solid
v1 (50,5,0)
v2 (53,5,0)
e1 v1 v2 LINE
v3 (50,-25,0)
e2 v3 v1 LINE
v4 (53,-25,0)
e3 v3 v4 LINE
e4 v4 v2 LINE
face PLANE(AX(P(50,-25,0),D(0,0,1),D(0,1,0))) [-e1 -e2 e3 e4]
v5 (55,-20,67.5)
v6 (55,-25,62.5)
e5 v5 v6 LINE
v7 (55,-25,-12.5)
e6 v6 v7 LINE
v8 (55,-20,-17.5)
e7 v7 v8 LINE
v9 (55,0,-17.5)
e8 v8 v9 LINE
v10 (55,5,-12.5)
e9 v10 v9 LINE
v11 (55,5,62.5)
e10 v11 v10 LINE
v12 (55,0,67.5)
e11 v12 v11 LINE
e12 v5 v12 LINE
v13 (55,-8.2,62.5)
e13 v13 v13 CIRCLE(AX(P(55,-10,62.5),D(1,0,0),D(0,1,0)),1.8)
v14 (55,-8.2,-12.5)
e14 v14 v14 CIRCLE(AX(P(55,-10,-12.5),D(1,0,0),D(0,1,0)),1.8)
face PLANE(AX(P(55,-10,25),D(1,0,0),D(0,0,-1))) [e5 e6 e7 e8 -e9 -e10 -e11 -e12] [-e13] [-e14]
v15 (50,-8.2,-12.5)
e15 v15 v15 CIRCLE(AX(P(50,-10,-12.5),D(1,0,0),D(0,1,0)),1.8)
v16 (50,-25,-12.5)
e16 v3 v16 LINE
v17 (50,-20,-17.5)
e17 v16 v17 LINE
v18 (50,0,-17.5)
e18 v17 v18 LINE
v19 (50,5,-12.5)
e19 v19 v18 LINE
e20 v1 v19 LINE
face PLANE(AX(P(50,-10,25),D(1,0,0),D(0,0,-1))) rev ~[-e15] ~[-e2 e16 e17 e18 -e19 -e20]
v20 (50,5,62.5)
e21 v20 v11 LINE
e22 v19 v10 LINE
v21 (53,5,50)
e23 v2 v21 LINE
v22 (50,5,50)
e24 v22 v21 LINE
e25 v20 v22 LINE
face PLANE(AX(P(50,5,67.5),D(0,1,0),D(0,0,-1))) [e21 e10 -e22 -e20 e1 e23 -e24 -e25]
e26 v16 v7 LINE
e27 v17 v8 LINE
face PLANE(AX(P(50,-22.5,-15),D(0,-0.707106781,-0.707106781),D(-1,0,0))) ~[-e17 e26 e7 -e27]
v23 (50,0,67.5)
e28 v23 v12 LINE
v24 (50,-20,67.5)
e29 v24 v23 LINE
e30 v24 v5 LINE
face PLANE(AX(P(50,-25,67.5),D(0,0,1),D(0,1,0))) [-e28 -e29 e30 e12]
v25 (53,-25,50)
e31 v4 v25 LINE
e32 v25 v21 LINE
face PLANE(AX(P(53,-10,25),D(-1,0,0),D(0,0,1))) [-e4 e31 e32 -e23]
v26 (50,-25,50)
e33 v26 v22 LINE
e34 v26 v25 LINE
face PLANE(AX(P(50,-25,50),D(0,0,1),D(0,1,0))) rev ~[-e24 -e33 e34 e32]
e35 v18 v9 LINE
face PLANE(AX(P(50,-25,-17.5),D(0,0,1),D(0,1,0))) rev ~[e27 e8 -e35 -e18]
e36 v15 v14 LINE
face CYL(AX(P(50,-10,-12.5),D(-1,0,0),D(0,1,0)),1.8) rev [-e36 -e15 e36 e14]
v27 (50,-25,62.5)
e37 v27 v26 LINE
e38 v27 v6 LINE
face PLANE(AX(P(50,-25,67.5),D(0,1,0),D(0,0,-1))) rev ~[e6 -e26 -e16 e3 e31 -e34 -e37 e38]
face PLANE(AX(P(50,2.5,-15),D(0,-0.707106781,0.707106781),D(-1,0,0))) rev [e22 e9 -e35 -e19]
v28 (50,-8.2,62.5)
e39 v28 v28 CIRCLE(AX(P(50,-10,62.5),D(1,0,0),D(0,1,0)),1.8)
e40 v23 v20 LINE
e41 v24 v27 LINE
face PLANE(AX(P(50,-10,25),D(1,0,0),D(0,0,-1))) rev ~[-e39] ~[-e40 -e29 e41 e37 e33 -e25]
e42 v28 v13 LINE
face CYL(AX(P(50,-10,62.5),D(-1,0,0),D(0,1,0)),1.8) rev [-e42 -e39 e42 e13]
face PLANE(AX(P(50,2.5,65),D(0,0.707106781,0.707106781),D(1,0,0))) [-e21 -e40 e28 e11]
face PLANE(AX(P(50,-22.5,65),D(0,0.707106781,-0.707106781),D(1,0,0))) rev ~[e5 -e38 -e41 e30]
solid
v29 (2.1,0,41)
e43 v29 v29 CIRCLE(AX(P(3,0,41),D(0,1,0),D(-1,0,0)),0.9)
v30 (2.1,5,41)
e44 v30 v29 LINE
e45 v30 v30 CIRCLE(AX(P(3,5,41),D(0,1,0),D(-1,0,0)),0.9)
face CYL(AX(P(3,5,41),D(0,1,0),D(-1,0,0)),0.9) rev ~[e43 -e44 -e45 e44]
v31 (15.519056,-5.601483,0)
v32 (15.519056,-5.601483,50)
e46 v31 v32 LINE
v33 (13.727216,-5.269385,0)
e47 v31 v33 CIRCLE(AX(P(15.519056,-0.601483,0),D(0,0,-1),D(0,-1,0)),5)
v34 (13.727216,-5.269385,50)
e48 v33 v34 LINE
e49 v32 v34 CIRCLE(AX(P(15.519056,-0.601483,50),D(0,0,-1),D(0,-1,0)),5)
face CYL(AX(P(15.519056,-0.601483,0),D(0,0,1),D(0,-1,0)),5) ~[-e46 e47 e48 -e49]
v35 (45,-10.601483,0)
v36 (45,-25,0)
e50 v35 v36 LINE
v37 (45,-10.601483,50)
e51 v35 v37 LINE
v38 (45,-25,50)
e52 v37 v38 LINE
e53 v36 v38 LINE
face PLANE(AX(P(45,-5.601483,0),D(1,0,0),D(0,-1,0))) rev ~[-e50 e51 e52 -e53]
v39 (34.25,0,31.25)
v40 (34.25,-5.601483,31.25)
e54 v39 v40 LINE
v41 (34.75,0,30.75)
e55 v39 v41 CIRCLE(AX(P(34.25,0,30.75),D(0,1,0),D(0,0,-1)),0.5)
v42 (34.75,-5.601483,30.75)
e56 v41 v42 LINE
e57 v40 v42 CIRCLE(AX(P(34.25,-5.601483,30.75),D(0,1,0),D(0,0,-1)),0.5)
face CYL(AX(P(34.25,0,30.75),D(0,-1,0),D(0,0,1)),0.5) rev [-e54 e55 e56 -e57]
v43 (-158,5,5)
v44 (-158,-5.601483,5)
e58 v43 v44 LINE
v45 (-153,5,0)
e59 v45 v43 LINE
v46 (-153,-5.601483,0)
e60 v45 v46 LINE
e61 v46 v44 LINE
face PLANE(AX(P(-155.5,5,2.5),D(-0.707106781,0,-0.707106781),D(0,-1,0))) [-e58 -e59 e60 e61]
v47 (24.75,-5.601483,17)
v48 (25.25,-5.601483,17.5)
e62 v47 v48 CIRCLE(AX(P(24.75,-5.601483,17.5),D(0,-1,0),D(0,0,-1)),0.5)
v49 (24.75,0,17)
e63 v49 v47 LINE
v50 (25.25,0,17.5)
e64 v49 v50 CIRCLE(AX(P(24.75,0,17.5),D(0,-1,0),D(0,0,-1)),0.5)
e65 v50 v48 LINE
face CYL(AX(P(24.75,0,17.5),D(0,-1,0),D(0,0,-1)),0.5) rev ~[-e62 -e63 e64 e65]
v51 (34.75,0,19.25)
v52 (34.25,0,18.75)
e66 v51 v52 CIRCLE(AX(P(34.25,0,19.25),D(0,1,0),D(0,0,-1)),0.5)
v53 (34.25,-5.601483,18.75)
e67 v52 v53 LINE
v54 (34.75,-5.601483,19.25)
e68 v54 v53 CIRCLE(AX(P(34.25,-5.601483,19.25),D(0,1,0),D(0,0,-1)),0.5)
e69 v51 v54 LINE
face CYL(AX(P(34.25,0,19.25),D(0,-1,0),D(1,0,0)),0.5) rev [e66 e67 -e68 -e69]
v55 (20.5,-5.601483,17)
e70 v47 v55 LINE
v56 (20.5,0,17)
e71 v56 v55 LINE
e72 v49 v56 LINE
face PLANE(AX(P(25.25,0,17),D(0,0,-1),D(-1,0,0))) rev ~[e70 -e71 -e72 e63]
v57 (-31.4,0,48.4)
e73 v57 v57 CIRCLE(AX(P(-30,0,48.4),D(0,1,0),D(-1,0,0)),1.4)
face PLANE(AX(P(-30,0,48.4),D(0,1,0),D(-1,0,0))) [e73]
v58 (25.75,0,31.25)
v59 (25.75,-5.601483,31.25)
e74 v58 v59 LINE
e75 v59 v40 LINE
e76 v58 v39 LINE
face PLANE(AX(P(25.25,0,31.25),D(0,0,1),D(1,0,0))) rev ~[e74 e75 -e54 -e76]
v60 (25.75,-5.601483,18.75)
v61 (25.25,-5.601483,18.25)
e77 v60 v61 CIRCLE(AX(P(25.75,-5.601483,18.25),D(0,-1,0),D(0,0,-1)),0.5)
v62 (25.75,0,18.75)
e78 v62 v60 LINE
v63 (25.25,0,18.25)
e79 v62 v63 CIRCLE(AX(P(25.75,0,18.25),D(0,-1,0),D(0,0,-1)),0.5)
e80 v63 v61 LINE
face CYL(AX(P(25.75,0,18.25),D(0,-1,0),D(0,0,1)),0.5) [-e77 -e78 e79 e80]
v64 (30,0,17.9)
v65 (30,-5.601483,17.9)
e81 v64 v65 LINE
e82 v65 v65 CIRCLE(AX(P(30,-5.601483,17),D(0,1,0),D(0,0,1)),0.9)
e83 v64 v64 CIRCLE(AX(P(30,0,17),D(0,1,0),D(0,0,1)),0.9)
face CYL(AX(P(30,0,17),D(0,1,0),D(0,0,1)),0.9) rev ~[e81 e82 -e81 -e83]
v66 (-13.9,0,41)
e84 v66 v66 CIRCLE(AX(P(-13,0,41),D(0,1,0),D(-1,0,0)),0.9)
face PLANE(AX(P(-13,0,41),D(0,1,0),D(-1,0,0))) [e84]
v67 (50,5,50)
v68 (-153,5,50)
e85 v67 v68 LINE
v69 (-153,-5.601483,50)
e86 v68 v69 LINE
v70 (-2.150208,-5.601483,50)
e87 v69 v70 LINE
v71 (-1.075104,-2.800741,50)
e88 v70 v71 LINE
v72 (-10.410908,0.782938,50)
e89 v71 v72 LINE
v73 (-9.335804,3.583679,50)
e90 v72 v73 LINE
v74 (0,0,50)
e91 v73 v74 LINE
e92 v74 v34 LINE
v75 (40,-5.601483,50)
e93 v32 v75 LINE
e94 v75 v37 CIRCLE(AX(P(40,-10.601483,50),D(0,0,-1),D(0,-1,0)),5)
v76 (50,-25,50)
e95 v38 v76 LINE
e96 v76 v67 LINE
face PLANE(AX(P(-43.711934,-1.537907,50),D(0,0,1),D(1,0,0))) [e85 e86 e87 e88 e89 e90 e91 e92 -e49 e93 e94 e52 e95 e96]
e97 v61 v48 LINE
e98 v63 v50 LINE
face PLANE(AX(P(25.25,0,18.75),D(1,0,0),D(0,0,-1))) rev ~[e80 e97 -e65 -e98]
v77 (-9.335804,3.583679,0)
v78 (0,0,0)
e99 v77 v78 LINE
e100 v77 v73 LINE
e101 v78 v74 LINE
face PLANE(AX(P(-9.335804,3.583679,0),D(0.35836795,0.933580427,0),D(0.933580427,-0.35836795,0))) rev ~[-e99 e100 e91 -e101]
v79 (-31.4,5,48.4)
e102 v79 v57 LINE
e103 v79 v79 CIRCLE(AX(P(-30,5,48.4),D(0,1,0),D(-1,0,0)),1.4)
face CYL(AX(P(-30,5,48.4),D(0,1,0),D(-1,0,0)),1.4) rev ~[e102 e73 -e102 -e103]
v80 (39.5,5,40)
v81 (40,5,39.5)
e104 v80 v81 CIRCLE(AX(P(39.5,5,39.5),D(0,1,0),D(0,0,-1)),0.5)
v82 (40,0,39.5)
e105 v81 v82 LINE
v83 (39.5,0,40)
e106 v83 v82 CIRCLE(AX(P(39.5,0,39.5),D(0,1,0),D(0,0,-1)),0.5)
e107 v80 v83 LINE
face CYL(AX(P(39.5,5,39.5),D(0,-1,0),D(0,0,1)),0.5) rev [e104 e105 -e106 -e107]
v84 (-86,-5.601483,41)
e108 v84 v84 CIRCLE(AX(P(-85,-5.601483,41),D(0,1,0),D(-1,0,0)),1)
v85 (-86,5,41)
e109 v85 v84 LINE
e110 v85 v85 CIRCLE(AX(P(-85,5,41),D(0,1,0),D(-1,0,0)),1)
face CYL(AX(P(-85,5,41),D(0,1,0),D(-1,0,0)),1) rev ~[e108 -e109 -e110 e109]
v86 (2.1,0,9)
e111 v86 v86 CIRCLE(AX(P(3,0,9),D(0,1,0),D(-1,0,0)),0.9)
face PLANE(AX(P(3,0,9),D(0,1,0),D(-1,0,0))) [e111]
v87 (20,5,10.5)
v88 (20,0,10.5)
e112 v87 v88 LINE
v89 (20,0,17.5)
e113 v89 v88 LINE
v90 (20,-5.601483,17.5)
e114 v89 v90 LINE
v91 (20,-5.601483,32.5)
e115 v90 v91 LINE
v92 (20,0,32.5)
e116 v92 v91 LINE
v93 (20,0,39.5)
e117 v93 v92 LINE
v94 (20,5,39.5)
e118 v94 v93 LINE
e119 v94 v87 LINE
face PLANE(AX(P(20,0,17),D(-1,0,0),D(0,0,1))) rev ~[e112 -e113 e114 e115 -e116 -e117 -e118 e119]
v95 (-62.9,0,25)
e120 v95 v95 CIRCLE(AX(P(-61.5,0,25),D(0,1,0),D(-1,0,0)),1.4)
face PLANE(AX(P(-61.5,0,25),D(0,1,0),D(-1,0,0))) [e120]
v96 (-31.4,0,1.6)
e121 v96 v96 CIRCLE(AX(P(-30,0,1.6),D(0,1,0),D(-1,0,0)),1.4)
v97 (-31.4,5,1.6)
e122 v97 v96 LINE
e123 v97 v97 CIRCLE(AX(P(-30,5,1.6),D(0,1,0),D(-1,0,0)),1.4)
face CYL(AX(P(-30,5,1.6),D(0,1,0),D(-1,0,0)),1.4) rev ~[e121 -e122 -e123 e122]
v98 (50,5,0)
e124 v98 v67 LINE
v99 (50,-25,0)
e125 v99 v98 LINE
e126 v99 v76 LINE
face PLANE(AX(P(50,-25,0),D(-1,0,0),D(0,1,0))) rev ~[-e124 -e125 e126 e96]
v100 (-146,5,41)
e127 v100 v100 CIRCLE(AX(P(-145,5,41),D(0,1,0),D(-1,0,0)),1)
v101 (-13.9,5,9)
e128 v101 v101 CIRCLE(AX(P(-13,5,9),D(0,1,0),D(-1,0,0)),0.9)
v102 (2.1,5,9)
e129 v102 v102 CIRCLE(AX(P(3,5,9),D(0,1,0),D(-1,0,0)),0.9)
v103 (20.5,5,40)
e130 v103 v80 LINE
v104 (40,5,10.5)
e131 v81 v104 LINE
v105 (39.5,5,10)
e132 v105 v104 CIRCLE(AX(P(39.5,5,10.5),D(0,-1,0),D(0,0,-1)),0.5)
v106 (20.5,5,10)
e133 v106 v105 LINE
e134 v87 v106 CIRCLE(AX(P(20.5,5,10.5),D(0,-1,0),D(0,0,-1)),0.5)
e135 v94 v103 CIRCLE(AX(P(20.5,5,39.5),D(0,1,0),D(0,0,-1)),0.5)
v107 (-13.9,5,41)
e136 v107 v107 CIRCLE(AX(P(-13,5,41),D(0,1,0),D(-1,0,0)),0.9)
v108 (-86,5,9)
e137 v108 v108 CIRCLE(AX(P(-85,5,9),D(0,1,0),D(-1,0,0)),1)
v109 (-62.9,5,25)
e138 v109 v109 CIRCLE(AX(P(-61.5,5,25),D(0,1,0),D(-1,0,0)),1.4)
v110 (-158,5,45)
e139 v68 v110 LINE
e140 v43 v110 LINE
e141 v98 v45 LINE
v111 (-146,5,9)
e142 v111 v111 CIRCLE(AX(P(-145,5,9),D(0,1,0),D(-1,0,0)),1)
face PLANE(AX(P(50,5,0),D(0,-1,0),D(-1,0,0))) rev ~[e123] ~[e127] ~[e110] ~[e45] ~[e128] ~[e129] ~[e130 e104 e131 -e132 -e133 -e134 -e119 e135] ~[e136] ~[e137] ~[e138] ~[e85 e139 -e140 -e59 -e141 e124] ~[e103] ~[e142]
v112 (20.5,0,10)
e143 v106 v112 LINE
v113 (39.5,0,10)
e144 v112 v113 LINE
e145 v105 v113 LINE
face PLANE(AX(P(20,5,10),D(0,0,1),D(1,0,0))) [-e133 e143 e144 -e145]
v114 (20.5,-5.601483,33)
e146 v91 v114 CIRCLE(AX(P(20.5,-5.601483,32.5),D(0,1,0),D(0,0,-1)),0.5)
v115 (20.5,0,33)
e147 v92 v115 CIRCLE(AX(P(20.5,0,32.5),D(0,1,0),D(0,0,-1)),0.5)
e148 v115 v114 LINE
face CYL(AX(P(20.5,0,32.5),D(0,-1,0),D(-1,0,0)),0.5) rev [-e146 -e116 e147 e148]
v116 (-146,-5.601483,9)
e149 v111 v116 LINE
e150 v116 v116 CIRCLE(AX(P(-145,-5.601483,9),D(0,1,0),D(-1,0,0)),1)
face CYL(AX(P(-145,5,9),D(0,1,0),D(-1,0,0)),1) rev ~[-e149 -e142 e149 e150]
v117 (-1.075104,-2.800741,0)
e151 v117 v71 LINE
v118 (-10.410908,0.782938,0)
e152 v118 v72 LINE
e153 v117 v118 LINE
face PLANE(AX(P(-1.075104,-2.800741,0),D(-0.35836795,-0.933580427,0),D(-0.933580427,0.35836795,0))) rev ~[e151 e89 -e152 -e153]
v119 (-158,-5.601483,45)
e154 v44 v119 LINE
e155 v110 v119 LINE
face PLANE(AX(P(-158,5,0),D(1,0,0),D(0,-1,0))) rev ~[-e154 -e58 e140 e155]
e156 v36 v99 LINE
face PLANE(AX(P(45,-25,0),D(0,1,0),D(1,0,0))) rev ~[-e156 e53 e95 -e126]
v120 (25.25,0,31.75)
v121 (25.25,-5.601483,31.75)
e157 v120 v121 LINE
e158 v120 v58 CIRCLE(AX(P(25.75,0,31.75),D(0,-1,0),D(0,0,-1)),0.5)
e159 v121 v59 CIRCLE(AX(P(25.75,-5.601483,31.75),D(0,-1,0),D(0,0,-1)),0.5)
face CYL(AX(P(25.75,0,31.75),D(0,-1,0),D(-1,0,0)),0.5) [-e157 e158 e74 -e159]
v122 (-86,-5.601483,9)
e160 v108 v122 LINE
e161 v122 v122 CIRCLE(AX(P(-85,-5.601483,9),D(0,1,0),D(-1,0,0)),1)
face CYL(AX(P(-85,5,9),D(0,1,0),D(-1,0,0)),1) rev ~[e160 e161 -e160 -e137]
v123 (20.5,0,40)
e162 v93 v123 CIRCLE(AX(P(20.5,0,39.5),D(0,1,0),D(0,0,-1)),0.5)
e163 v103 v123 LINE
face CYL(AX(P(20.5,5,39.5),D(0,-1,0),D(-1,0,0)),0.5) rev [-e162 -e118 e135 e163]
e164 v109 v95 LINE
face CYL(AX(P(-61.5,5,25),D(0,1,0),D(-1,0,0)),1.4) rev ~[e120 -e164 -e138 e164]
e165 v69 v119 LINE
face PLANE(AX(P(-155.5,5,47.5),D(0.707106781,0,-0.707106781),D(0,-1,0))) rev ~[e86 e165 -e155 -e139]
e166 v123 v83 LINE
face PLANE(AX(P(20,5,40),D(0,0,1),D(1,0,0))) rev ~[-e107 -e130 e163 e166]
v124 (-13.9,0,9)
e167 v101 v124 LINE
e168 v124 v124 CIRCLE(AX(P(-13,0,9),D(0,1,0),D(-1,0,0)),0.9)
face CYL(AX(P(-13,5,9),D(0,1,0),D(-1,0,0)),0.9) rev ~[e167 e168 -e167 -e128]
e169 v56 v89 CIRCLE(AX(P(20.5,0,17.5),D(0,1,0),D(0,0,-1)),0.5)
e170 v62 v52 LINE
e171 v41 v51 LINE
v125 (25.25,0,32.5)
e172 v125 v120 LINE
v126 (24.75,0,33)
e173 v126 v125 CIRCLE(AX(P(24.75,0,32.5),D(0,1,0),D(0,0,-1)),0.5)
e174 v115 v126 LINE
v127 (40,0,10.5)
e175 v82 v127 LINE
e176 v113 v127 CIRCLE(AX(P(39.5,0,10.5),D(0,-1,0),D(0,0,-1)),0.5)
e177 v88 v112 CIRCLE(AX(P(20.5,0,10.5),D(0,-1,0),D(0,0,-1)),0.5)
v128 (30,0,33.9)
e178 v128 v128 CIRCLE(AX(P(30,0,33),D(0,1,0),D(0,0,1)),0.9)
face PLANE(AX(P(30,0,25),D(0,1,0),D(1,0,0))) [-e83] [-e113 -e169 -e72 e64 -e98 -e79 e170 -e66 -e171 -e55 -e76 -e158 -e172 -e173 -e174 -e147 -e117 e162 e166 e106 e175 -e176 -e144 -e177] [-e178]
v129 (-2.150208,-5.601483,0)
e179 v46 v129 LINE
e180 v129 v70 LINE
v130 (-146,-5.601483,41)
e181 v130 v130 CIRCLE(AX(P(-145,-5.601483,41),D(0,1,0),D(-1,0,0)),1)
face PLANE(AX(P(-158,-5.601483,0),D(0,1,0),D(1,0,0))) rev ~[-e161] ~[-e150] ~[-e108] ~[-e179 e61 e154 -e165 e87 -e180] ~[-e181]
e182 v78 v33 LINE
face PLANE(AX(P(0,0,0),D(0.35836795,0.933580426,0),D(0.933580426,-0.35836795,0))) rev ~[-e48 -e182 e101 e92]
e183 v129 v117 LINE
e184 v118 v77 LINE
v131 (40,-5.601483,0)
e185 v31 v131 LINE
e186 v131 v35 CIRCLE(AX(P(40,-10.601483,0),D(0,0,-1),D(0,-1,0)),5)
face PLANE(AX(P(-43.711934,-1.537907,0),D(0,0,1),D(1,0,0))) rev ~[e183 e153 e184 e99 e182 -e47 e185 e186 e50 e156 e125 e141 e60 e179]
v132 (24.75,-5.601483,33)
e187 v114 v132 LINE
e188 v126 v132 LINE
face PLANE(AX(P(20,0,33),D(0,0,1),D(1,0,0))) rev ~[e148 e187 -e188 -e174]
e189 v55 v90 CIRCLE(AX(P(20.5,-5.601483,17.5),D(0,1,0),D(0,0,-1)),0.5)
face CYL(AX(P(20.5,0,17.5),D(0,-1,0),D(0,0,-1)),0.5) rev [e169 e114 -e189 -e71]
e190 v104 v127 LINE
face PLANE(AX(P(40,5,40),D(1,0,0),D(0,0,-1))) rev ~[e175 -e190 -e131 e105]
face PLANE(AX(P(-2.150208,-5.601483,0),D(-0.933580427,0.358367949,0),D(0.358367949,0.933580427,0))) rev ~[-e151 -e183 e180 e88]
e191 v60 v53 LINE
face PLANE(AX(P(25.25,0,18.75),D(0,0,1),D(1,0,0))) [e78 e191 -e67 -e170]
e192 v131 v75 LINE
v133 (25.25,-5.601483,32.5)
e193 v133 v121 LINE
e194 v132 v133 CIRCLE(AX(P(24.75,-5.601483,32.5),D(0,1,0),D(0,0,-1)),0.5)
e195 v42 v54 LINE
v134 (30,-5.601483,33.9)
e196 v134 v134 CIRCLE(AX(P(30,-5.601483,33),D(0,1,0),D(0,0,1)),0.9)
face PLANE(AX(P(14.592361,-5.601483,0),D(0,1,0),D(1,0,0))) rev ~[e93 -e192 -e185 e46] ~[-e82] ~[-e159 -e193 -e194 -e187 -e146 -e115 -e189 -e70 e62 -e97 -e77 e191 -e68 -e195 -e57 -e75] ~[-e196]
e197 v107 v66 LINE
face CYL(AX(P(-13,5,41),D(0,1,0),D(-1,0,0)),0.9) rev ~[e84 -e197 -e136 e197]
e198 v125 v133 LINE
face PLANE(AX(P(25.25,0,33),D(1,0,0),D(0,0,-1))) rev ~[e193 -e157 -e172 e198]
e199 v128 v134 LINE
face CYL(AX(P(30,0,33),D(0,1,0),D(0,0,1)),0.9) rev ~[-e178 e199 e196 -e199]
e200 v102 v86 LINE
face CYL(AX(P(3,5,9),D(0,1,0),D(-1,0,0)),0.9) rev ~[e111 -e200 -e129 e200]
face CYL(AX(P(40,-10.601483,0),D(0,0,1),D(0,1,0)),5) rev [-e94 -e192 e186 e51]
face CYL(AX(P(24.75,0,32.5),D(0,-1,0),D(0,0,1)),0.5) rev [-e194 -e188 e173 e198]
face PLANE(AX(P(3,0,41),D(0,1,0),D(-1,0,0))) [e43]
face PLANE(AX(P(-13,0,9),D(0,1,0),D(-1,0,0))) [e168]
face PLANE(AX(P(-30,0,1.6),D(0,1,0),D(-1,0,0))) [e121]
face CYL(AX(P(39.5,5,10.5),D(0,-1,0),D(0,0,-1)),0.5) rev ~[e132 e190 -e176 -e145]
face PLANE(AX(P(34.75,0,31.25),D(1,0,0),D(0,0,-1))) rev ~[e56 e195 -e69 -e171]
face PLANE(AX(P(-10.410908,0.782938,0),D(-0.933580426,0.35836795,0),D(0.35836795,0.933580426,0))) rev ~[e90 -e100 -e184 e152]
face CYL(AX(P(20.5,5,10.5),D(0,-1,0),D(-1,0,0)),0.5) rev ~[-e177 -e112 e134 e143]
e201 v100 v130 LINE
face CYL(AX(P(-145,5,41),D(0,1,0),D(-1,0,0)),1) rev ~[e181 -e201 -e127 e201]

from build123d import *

# Parameters (mm, degrees)
BOSS_EXTRUDE1_DEPTH = 50
SKETCH3_W           = 85
SKETCH3_H           = 30
SKETCH3_R           = 1.8
BOSS_EXTRUDE2_DEPTH = 5
SKETCH4_W           = 50
SKETCH4_H           = 30
CUT_EXTRUDE1_DEPTH  = 3
SKETCH5_R           = 0.9
SKETCH5_R_2         = 1.4
SKETCH5_W           = 20
SKETCH5_H           = 30
CUT_EXTRUDE2_DEPTH  = 5
SKETCH7_W           = 9.5
SKETCH7_H           = 12.5
SKETCH7_R           = 0.9
CUT_EXTRUDE4_DEPTH  = 5.601482559
SKETCH8_R           = 1
CUT_EXTRUDE5_DEPTH  = 10.601482559
FILLET2_R           = 0.5
CHAMFER1_SIZE       = 5
FILLET1_R           = 5
CHAMFER2_SIZE       = 5


with BuildPart() as part:
    # Sketch1 → Boss-Extrude1 (new body)
    with BuildSketch(Plane.XY):
        Polygon((-9.335804265, 3.583679495), (0, 0), (14.59236096, -5.601482559), (45, -5.601482559), (45, -25), (50, -25), (50, 5), (0, 5), (-18, 5), (-158, 5), (-158, -5.601482559), (-2.150207697, -5.601482559), (-1.075103849, -2.800741279), (-10.410908114, 0.782938216), align=None)
    extrude(amount=BOSS_EXTRUDE1_DEPTH)

    # Sketch5 → Cut-Extrude2 (cut)
    with BuildSketch(Plane(origin=(0, 5, 0), x_dir=(1, 0, 0), z_dir=(0, 1, 0))):
        with Locations(Location((3, -9, 0), (0, 0, 180))):
            Circle(SKETCH5_R)
        with Locations(Location((-13, -9, 0), (0, 0, 180))):
            Circle(SKETCH5_R)
        with Locations(Location((-13, -41, 0), (0, 0, 180))):
            Circle(SKETCH5_R)
        with Locations(Location((3, -41, 0), (0, 0, 180))):
            Circle(SKETCH5_R)
        with Locations(Location((-30, -1.6, 0), (0, 0, 180))):
            Circle(SKETCH5_R_2)
        with Locations(Location((-30, -48.4, 0), (0, 0, 180))):
            Circle(SKETCH5_R_2)
        with Locations(Location((-61.5, -25, 0), (0, 0, 180))):
            Circle(SKETCH5_R_2)
        with Locations((30, -25)):
            Rectangle(SKETCH5_W, SKETCH5_H)
    extrude(amount=-CUT_EXTRUDE2_DEPTH, mode=Mode.SUBTRACT)

    # Sketch7 → Cut-Extrude4 (cut)
    with BuildSketch(Plane(origin=(0, 0, 0), x_dir=(1, 0, 0), z_dir=(0, 1, 0))):
        Polygon((25.25, -31.25), (25.25, -18.75), (25.25, -17), (20, -17), (20, -33), (25.25, -33), align=None)
        with Locations((30, -25)):
            Rectangle(SKETCH7_W, SKETCH7_H)
        with Locations(Location((30, -17, 0), (0, 0, 270))):
            Circle(SKETCH7_R)
        with Locations(Location((30, -33, 0), (0, 0, 270))):
            Circle(SKETCH7_R)
    extrude(amount=-CUT_EXTRUDE4_DEPTH, mode=Mode.SUBTRACT)

    # Sketch8 → Cut-Extrude5 (cut)
    with BuildSketch(Plane(origin=(0, 5, 0), x_dir=(1, 0, 0), z_dir=(0, 1, 0))):
        with Locations(Location((-85, -41, 0), (0, 0, 180))):
            Circle(SKETCH8_R)
        with Locations(Location((-85, -9, 0), (0, 0, 180))):
            Circle(SKETCH8_R)
        with Locations(Location((-145, -9, 0), (0, 0, 180))):
            Circle(SKETCH8_R)
        with Locations(Location((-145, -41, 0), (0, 0, 180))):
            Circle(SKETCH8_R)
    extrude(amount=-CUT_EXTRUDE5_DEPTH, mode=Mode.SUBTRACT)

    # Fillet2
    fillet2_edges = [part.edges().sort_by_distance(p)[0] for p in [
        (25.25, -2.800741279, 31.25),
        (34.75, -2.800741279, 31.25),
        (34.75, -2.800741279, 18.75),
        (25.25, -2.800741279, 18.75),
        (25.25, -2.800741279, 17),
        (20, -2.800741279, 17),
        (20, -2.800741279, 33),
        (25.25, -2.800741279, 33),
        (40, 2.5, 10),
        (40, 2.5, 40),
        (20, 2.5, 40),
        (20, 2.5, 10),
    ]]
    fillet(fillet2_edges, radius=FILLET2_R)

    # Fillet1
    fillet1_edges = [part.edges().sort_by_distance(p)[0] for p in [
        (45, -5.601482559, 25),
        (14.59236096, -5.601482559, 25),
    ]]
    fillet(fillet1_edges, radius=FILLET1_R)

    # Chamfer2
    chamfer2_edges = [part.edges().sort_by_distance(p)[0] for p in [
        (-158, -0.300741279, 0),
        (-158, -0.300741279, 50),
    ]]
    chamfer(chamfer2_edges, length=CHAMFER2_SIZE)


with BuildPart() as body_2:
    # Sketch3 → Boss-Extrude2 (new body)
    with BuildSketch(Plane(origin=(50, 0, 0), x_dir=(0, 0, -1), z_dir=(1, 0, 0))):
        with Locations((-25, -10)):
            Rectangle(SKETCH3_W, SKETCH3_H)
        with Locations(Location((-62.5, -10, 0), (0, 0, 90))):
            Circle(SKETCH3_R, mode=Mode.SUBTRACT)
        with Locations(Location((12.5, -10, 0), (0, 0, 90))):
            Circle(SKETCH3_R, mode=Mode.SUBTRACT)
    extrude(amount=BOSS_EXTRUDE2_DEPTH)

    # Sketch4 → Cut-Extrude1 (cut)
    with BuildSketch(Plane.ZY.offset(-50)):
        with Locations((25, -10)):
            Rectangle(SKETCH4_W, SKETCH4_H)
    extrude(amount=-CUT_EXTRUDE1_DEPTH, mode=Mode.SUBTRACT)

    # Chamfer1
    chamfer1_edges = [body_2.edges().sort_by_distance(p)[0] for p in [
        (52.5, 5, 67.5),
        (52.5, 5, -17.5),
        (52.5, -25, -17.5),
        (52.5, -25, 67.5),
    ]]
    chamfer(chamfer1_edges, length=CHAMFER1_SIZE)


solid = Compound([part.part, body_2.part])
